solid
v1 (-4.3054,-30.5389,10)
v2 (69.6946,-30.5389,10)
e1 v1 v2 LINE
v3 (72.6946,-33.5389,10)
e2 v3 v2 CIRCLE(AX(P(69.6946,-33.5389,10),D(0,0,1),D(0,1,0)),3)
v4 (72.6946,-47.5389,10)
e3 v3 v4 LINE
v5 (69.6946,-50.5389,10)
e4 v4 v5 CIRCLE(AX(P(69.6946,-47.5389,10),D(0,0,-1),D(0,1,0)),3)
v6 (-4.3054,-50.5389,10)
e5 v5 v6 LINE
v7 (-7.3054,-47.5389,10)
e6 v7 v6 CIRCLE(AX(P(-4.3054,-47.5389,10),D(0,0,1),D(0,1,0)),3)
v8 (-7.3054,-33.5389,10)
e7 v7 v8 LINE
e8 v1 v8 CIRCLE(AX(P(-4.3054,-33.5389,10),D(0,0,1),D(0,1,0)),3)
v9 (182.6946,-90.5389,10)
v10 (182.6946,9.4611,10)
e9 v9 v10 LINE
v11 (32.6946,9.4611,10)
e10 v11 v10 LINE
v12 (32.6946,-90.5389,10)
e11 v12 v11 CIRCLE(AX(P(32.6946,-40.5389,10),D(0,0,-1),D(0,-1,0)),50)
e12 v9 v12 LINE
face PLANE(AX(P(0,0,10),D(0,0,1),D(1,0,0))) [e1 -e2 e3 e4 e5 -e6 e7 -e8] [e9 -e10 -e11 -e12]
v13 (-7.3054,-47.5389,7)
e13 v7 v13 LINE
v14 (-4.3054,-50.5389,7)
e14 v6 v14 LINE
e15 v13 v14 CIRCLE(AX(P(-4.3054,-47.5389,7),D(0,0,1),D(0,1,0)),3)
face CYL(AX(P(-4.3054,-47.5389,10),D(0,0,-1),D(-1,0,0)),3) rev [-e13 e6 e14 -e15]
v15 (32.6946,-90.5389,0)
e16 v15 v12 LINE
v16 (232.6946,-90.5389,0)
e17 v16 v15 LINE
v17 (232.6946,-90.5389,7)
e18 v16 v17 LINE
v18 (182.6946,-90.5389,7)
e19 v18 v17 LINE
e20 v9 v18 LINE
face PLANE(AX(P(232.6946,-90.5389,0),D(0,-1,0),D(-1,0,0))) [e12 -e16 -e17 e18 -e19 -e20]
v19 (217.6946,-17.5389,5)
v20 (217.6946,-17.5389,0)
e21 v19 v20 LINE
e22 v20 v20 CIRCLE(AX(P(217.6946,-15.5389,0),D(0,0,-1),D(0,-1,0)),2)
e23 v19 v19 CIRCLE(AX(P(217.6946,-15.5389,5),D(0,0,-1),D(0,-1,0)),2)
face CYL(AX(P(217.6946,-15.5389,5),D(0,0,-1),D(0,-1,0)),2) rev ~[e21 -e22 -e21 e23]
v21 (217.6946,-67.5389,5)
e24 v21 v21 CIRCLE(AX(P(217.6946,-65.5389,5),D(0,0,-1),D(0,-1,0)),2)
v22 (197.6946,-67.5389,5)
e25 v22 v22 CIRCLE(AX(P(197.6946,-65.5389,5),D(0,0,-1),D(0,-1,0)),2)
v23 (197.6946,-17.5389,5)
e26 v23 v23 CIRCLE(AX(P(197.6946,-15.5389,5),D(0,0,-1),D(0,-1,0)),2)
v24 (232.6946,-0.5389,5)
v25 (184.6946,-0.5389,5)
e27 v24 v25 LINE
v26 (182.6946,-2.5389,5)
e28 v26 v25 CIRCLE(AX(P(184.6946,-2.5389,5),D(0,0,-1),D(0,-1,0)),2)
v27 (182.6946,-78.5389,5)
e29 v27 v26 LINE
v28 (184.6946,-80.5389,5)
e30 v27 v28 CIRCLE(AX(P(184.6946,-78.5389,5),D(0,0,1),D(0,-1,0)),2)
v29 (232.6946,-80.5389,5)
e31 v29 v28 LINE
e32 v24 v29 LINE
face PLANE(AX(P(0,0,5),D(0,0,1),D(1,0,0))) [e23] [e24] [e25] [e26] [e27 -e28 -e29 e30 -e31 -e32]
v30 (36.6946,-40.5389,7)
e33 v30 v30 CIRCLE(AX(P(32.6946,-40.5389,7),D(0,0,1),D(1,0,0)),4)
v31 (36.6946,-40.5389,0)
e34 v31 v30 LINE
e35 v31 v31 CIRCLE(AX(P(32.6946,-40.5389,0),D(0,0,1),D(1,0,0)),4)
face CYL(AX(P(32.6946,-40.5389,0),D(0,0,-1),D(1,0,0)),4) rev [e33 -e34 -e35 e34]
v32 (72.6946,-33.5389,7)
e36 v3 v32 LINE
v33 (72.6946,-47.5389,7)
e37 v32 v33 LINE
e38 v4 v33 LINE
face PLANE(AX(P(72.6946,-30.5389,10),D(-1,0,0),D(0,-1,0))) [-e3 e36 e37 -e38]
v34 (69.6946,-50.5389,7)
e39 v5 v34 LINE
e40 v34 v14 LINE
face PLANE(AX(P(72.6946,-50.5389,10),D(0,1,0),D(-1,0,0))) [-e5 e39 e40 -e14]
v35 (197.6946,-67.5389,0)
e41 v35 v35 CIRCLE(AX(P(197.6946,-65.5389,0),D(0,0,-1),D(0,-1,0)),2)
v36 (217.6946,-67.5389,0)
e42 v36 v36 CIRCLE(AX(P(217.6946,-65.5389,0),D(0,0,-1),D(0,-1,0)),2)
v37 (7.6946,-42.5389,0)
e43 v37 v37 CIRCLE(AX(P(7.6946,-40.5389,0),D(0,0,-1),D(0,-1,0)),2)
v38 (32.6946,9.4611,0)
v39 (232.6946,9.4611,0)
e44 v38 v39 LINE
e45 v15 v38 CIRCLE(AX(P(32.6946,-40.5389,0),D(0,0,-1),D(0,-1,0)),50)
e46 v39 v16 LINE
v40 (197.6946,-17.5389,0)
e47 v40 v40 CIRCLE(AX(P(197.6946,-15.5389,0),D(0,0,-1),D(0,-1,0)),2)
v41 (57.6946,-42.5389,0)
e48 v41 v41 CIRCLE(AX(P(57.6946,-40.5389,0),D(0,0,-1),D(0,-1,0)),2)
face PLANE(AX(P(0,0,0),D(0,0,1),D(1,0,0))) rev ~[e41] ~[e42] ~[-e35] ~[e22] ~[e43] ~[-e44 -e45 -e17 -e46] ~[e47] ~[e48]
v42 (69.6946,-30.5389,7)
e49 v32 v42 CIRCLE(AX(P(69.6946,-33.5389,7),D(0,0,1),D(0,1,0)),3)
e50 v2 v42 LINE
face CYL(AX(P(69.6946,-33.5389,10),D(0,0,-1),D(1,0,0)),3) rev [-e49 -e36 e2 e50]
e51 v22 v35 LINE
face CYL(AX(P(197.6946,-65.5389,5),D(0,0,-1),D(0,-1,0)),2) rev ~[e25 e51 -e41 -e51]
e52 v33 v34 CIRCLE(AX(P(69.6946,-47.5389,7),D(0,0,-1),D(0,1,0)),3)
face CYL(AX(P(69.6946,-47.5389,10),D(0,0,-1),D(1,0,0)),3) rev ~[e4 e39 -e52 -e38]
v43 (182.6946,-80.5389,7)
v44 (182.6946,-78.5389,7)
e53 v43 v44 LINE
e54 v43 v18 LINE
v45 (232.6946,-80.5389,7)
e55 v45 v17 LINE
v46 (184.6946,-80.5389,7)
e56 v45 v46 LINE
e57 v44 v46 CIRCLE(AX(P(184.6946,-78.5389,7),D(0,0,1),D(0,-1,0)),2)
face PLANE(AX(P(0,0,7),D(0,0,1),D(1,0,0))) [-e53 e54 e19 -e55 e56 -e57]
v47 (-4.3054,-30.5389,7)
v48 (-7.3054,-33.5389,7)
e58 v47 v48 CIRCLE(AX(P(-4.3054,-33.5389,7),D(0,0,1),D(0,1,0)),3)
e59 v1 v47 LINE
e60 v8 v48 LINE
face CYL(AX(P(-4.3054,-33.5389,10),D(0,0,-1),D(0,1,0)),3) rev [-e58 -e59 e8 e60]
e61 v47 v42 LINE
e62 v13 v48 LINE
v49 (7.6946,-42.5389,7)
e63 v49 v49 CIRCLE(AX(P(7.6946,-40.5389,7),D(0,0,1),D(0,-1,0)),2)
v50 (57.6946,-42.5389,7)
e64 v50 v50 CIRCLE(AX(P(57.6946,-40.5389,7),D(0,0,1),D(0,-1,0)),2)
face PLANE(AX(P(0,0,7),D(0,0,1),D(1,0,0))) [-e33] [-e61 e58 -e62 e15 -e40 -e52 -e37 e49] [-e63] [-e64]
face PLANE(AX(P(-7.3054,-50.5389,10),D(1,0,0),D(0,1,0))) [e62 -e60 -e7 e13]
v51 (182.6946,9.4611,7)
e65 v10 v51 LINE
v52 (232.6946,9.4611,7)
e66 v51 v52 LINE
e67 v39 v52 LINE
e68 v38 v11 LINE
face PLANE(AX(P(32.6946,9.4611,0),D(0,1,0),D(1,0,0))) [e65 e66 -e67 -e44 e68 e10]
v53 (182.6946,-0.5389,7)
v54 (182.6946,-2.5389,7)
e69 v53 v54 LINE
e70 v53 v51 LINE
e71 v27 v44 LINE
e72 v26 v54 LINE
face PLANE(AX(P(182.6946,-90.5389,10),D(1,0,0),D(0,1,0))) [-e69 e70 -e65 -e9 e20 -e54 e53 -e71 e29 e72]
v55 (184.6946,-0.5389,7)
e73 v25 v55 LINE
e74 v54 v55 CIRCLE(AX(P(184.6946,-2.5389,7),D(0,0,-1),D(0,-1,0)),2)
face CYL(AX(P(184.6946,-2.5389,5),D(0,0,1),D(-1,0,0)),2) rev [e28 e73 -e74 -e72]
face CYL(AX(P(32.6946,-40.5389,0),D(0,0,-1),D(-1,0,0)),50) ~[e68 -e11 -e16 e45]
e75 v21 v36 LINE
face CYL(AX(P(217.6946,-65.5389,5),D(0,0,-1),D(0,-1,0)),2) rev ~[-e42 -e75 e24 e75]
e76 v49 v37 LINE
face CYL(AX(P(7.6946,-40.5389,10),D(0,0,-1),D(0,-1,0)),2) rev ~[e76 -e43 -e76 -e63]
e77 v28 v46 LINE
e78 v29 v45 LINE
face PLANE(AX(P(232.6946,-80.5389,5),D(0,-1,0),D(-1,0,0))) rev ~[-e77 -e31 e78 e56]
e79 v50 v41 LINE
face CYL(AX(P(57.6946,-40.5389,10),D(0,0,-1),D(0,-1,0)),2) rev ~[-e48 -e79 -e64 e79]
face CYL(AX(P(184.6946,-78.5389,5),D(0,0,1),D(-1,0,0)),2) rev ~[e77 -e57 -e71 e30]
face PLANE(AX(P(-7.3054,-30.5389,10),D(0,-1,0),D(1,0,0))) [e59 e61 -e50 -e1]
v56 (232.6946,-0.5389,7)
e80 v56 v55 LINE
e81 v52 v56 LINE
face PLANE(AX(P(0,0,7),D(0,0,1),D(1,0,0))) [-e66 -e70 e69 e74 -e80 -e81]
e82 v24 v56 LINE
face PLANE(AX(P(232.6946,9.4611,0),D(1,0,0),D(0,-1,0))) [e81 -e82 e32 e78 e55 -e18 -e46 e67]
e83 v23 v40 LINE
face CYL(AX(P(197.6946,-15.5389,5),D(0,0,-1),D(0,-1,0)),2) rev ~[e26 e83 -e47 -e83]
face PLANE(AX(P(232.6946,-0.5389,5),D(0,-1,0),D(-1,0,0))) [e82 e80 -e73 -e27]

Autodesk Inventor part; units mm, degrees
ref_plane "YZ Plane" through (0, 0, 0) normal (1, 0, 0) x (0, 1, 0)
ref_plane "XZ Plane" through (0, 0, 0) normal (0, 1, 0) x (-1, 0, 0)
ref_plane "XY Plane" through (0, 0, 0) normal (0, 0, 1) x (1, 0, 0)
sketch "Sketch1" plane through (0, 0, 0) normal (0, 0, 1) x (1, 0, 0)
  line L0 (232.6946, -90.5389) -> (32.6946, -90.5389)
  line L1 (-17.3054, -40.5389) -> (-17.3054, -40.5389)
  line L2 (32.6946, 9.4611) -> (232.6946, 9.4611)
  line L3 (232.6946, 9.4611) -> (232.6946, -90.5389)
  circle A0 centre (32.6946, -40.5389) radius 4
  arc A1 (-17.3054, -40.5389) -> (32.6946, -90.5389) centre (32.6946, -40.5389) ccw
  arc A2 (32.6946, 9.4611) -> (-17.3054, -40.5389) centre (32.6946, -40.5389) ccw
  point P0 (0, 0)
  point P1 (-17.3054, 9.4611)
  point P2 (-17.3054, -90.5389)
  dimension "d0" = 250
  dimension "d1" = 100
  dimension "d2" = 8
  dimension "d3" = 50
  dimension "d4" = 50
  dimension "d5" = 50
extrude "Extrusion1" add sketch "Sketch1" along normal blind 10
sketch "Sketch2" plane through (0, 0, 10) normal (0, 0, 1) x (1, 0, 0)
  line L0 (32.6946, 9.4611) -> (232.6946, 9.4611) projected
  line L1 (232.6946, -90.5389) -> (182.6946, -90.5389)
  line L2 (182.6946, -90.5389) -> (182.6946, 9.4611)
  line L3 (182.6946, 9.4611) -> (232.6946, 9.4611)
  line L4 (232.6946, 9.4611) -> (232.6946, -90.5389)
  point P0 (0, 0)
  dimension "d8" = 50
extrude "Extrusion2" cut sketch "Sketch2" against normal blind 5
sketch "Sketch3" plane through (0, 0, 5) normal (0, 0, 1) x (1, 0, 0)
  line L0 (182.6946, 9.4611) -> (232.6946, 9.4611) projected
  line L1 (182.6946, 9.4611) -> (182.6946, -90.5389) projected
  line L2 (232.6946, -90.5389) -> (182.6946, -90.5389) projected
  line L3 (232.6946, 9.4611) -> (232.6946, -90.5389) projected
  point P0 (0, 0)
  point P1 (197.6946, -65.5389)
  point P2 (197.6946, -15.5389)
  point P3 (217.6946, -15.5389)
  point P4 (217.6946, -65.5389)
  dimension "d11" = 15
  dimension "d12" = 25
  dimension "d13" = 25
  dimension "d14" = 15
hole "Hole1" at (197.6946, -65.5389, 5) at (197.6946, -15.5389, 5) at (217.6946, -15.5389, 5) at (217.6946, -65.5389, 5) direction (0, 0, -1) diameter 4 end through all
sketch "Sketch4" plane through (0, 0, 10) normal (0, 0, 1) x (1, 0, 0)
  arc A0 (32.6946, 9.4611) -> (32.6946, -90.5389) centre (32.6946, -40.5389) ccw projected
  point P0 (0, 0)
  point P1 (7.6946, -40.5389)
  point P2 (57.6946, -40.5389)
  dimension "d22" = 25
  dimension "d23" = 25
hole "Hole2" at (7.6946, -40.5389, 10) at (57.6946, -40.5389, 10) direction (0, 0, -1) diameter 4 end through all
sketch "Sketch5" plane through (0, 0, 10) normal (0, 0, 1) x (1, 0, 0)
  circle A0 centre (57.6946, -40.5389) radius 2 projected
  circle A1 centre (7.6946, -40.5389) radius 2 projected
  arc A2 (32.6946, 9.4611) -> (32.6946, -90.5389) centre (32.6946, -40.5389) ccw projected
  circle A3 centre (32.6946, -40.5389) radius 4 projected
  line L0 (72.6946, -50.5389) -> (-7.3054, -50.5389)
  line L1 (-7.3054, -50.5389) -> (-7.3054, -30.5389)
  line L2 (-7.3054, -30.5389) -> (72.6946, -30.5389)
  line L3 (72.6946, -30.5389) -> (72.6946, -50.5389)
  point P0 (0, 0)
  dimension "d35" = 80
  dimension "d36" = 20
  dimension "d37" = 40
  dimension "d38" = 10
extrude "Extrusion3" cut sketch "Sketch5" against normal blind 3
sketch "Sketch6" plane through (0, 0, 5) normal (0, 0, 1) x (1, 0, 0)
  line L0 (232.6946, 9.4611) -> (232.6946, -90.5389) projected
  line L1 (182.6946, -90.5389) -> (232.6946, -90.5389)
  line L2 (232.6946, -90.5389) -> (232.6946, -80.5389)
  line L3 (232.6946, -80.5389) -> (182.6946, -80.5389)
  line L4 (182.6946, -80.5389) -> (182.6946, -90.5389)
  line L5 (182.6946, 9.4611) -> (232.6946, 9.4611)
  line L6 (232.6946, 9.4611) -> (232.6946, -0.5389)
  line L7 (232.6946, -0.5389) -> (182.6946, -0.5389)
  line L8 (182.6946, -0.5389) -> (182.6946, 9.4611)
  point P0 (0, 0)
  dimension "d41" = 10
  dimension "d42" = 10
extrude "Extrusion4" add sketch "Sketch6" along normal blind 2
fillet "Fillet1" radius 2 2 edges at (182.6946, -0.5389, 6) (182.6946, -80.5389, 6)
fillet "Fillet2" radius 3 4 edges at (-7.3054, -30.5389, 8.5) (-7.3054, -50.5389, 8.5) (72.6946, -30.5389, 8.5) (72.6946, -50.5389, 8.5)
equation "\"d4\" = 0.5 * d1"
equation "\"d23\" = d22"
equation "\"d37\" = 0.5 * d35"
equation "\"d38\" = 0.5 * d36"
properties part number "plancha base"
